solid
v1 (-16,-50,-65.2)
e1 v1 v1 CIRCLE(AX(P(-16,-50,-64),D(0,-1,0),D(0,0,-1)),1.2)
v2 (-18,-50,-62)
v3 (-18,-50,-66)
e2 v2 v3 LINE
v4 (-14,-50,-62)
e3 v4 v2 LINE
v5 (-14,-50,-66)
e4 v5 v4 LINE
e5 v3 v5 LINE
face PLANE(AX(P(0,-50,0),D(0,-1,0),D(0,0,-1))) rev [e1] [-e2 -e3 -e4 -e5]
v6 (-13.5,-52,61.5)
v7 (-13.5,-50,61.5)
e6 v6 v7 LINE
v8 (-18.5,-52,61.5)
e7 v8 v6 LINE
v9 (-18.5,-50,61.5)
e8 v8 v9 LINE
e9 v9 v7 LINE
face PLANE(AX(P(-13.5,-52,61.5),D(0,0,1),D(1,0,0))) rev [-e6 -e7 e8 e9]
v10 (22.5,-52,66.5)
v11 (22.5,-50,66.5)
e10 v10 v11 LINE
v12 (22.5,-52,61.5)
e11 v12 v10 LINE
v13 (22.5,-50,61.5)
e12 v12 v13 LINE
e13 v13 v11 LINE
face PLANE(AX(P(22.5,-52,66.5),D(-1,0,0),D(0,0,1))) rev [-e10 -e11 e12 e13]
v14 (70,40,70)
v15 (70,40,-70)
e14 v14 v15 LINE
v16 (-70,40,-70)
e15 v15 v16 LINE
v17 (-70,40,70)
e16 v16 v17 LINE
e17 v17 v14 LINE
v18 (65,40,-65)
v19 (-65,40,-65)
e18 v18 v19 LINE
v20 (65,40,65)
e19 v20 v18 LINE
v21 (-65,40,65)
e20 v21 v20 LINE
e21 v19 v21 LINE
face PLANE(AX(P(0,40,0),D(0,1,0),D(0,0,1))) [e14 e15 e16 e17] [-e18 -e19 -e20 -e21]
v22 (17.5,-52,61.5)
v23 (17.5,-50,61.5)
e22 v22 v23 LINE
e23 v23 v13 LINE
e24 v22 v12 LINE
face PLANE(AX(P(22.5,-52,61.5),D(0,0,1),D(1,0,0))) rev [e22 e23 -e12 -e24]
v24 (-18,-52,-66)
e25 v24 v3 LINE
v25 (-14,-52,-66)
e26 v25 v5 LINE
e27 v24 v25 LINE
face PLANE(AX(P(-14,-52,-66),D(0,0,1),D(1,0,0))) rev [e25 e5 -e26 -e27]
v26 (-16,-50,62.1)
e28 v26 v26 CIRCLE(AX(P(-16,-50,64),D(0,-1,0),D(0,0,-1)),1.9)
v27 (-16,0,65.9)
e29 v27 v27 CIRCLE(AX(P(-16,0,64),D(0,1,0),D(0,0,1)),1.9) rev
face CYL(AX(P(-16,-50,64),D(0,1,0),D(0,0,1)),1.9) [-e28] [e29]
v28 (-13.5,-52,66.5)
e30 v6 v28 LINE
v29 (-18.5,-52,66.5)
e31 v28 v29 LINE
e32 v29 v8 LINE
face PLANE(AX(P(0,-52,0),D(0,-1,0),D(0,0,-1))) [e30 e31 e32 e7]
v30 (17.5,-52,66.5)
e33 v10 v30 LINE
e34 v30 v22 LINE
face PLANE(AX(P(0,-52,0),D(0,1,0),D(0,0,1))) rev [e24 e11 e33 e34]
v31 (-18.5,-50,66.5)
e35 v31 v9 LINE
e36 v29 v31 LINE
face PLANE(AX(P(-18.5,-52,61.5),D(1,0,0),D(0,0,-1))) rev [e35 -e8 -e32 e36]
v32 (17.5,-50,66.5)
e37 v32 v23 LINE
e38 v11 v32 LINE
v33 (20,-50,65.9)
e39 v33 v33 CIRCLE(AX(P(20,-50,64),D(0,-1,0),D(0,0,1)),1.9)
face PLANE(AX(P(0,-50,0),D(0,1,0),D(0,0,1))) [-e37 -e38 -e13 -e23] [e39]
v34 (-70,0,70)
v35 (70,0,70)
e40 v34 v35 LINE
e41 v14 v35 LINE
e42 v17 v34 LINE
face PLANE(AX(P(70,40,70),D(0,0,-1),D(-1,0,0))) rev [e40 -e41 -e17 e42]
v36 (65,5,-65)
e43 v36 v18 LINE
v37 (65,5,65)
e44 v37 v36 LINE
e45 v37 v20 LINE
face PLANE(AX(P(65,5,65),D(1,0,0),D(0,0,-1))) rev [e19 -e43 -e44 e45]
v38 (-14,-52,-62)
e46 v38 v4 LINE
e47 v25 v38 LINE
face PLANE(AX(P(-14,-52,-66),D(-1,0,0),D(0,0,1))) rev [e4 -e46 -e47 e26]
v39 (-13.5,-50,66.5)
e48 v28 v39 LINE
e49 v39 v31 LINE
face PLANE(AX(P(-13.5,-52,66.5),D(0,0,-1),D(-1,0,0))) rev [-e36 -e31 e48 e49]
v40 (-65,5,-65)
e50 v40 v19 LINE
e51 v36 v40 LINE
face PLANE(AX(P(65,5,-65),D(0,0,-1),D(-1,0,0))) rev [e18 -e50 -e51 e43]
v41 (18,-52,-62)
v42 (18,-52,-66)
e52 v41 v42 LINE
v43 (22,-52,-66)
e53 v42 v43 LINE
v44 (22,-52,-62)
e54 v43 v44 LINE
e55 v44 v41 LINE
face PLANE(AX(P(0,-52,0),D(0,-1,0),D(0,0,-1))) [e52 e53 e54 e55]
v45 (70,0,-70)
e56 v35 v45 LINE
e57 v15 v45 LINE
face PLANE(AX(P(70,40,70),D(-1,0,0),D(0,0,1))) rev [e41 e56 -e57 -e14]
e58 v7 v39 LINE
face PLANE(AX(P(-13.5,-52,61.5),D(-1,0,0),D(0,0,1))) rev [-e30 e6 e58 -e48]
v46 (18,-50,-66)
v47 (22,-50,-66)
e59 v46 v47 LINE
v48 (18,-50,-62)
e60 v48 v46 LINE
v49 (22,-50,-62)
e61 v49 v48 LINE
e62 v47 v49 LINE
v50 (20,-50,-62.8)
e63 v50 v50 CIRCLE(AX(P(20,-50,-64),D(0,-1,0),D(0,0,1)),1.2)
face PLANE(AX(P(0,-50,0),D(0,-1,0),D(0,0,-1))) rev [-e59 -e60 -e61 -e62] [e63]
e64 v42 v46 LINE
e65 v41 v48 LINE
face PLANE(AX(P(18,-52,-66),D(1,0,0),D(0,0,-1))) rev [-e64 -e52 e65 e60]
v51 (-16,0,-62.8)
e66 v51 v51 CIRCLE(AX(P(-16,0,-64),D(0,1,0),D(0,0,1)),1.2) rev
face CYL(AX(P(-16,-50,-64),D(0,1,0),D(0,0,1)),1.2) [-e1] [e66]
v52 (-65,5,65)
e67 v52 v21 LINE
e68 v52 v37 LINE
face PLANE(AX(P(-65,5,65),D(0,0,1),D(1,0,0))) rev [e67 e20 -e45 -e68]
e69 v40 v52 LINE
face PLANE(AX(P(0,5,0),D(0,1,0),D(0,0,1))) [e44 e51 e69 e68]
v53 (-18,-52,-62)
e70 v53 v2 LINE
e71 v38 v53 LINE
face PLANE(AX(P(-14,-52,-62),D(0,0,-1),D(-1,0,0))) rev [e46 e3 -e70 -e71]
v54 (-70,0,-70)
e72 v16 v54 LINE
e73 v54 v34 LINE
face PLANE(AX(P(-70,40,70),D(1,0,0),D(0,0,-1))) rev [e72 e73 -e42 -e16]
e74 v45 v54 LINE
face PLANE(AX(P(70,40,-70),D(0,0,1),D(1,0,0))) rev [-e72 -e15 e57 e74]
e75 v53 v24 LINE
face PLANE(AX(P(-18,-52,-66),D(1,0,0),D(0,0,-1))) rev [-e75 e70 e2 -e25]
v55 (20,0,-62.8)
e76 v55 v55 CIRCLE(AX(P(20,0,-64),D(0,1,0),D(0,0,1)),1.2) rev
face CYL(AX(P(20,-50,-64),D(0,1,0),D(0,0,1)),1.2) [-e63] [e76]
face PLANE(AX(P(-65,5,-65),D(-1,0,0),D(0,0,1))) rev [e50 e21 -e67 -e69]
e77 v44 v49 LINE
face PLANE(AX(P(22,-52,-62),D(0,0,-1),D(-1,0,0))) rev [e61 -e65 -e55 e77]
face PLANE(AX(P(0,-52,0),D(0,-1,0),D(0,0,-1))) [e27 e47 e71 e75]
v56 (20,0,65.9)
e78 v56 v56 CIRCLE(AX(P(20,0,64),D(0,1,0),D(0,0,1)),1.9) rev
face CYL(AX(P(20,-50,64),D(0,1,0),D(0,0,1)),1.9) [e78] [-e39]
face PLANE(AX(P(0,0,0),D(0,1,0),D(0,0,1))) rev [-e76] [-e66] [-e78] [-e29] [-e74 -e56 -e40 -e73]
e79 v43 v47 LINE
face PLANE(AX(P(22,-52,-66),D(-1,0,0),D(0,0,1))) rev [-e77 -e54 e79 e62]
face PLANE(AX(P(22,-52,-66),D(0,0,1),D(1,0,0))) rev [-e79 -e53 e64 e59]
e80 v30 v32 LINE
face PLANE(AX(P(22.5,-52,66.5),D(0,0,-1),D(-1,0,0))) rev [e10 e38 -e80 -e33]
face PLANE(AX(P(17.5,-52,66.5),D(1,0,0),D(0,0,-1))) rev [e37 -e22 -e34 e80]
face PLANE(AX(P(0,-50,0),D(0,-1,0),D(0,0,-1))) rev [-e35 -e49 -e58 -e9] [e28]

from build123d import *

# Parameters (mm, degrees)
CROQUIS1_W              = 140
CROQUIS1_H              = 140
SALIENTE_EXTRUIR1_DEPTH = 40
CROQUIS3_W              = 130
CROQUIS3_H              = 130
CORTAR_EXTRUIR1_DEPTH   = 35
CROQUIS5_R              = 1.2
CROQUIS5_R_2            = 1.9
SALIENTE_EXTRUIR4_DEPTH = 50
CROQUIS6_W              = 5
CROQUIS6_H              = 5
CROQUIS6_W_2            = 4
CROQUIS6_H_2            = 4
SALIENTE_EXTRUIR5_DEPTH = 2


with BuildPart() as part:
    # Croquis1 → Saliente-Extruir1 (new body)
    with BuildSketch(Plane(origin=(0, 0, 0), x_dir=(1, 0, 0), z_dir=(0, 1, 0))):
        Rectangle(CROQUIS1_W, CROQUIS1_H)
    extrude(amount=SALIENTE_EXTRUIR1_DEPTH)

    # Croquis3 → Cortar-Extruir1 (cut)
    with BuildSketch(Plane(origin=(0, 40, 0), x_dir=(1, 0, 0), z_dir=(0, 1, 0))):
        Rectangle(CROQUIS3_W, CROQUIS3_H)
    extrude(amount=-CORTAR_EXTRUIR1_DEPTH, mode=Mode.SUBTRACT)

    # Croquis5 → Saliente-Extruir4 (add)
    with BuildSketch(Plane.XZ):
        with Locations(Location((-16, -64, 0), (0, 0, 90))):
            Circle(CROQUIS5_R)
        with Locations(Location((-16, 64, 0), (0, 0, 90))):
            Circle(CROQUIS5_R_2)
        with Locations(Location((20, 64, 0), (0, 0, 90))):
            Circle(CROQUIS5_R_2)
        with Locations(Location((20, -64, 0), (0, 0, 90))):
            Circle(CROQUIS5_R)
    extrude(amount=SALIENTE_EXTRUIR4_DEPTH)

    # Croquis6 → Saliente-Extruir5 (add)
    with BuildSketch(Plane.XZ.offset(50)):
        with Locations((-16, 64)):
            Rectangle(CROQUIS6_W, CROQUIS6_H)
        with Locations((20, 64)):
            Rectangle(CROQUIS6_W, CROQUIS6_H)
        with Locations((-16, -64)):
            Rectangle(CROQUIS6_W_2, CROQUIS6_H_2)
        with Locations((20, -64)):
            Rectangle(CROQUIS6_W_2, CROQUIS6_H_2)
    extrude(amount=SALIENTE_EXTRUIR5_DEPTH)


solid = part.part
